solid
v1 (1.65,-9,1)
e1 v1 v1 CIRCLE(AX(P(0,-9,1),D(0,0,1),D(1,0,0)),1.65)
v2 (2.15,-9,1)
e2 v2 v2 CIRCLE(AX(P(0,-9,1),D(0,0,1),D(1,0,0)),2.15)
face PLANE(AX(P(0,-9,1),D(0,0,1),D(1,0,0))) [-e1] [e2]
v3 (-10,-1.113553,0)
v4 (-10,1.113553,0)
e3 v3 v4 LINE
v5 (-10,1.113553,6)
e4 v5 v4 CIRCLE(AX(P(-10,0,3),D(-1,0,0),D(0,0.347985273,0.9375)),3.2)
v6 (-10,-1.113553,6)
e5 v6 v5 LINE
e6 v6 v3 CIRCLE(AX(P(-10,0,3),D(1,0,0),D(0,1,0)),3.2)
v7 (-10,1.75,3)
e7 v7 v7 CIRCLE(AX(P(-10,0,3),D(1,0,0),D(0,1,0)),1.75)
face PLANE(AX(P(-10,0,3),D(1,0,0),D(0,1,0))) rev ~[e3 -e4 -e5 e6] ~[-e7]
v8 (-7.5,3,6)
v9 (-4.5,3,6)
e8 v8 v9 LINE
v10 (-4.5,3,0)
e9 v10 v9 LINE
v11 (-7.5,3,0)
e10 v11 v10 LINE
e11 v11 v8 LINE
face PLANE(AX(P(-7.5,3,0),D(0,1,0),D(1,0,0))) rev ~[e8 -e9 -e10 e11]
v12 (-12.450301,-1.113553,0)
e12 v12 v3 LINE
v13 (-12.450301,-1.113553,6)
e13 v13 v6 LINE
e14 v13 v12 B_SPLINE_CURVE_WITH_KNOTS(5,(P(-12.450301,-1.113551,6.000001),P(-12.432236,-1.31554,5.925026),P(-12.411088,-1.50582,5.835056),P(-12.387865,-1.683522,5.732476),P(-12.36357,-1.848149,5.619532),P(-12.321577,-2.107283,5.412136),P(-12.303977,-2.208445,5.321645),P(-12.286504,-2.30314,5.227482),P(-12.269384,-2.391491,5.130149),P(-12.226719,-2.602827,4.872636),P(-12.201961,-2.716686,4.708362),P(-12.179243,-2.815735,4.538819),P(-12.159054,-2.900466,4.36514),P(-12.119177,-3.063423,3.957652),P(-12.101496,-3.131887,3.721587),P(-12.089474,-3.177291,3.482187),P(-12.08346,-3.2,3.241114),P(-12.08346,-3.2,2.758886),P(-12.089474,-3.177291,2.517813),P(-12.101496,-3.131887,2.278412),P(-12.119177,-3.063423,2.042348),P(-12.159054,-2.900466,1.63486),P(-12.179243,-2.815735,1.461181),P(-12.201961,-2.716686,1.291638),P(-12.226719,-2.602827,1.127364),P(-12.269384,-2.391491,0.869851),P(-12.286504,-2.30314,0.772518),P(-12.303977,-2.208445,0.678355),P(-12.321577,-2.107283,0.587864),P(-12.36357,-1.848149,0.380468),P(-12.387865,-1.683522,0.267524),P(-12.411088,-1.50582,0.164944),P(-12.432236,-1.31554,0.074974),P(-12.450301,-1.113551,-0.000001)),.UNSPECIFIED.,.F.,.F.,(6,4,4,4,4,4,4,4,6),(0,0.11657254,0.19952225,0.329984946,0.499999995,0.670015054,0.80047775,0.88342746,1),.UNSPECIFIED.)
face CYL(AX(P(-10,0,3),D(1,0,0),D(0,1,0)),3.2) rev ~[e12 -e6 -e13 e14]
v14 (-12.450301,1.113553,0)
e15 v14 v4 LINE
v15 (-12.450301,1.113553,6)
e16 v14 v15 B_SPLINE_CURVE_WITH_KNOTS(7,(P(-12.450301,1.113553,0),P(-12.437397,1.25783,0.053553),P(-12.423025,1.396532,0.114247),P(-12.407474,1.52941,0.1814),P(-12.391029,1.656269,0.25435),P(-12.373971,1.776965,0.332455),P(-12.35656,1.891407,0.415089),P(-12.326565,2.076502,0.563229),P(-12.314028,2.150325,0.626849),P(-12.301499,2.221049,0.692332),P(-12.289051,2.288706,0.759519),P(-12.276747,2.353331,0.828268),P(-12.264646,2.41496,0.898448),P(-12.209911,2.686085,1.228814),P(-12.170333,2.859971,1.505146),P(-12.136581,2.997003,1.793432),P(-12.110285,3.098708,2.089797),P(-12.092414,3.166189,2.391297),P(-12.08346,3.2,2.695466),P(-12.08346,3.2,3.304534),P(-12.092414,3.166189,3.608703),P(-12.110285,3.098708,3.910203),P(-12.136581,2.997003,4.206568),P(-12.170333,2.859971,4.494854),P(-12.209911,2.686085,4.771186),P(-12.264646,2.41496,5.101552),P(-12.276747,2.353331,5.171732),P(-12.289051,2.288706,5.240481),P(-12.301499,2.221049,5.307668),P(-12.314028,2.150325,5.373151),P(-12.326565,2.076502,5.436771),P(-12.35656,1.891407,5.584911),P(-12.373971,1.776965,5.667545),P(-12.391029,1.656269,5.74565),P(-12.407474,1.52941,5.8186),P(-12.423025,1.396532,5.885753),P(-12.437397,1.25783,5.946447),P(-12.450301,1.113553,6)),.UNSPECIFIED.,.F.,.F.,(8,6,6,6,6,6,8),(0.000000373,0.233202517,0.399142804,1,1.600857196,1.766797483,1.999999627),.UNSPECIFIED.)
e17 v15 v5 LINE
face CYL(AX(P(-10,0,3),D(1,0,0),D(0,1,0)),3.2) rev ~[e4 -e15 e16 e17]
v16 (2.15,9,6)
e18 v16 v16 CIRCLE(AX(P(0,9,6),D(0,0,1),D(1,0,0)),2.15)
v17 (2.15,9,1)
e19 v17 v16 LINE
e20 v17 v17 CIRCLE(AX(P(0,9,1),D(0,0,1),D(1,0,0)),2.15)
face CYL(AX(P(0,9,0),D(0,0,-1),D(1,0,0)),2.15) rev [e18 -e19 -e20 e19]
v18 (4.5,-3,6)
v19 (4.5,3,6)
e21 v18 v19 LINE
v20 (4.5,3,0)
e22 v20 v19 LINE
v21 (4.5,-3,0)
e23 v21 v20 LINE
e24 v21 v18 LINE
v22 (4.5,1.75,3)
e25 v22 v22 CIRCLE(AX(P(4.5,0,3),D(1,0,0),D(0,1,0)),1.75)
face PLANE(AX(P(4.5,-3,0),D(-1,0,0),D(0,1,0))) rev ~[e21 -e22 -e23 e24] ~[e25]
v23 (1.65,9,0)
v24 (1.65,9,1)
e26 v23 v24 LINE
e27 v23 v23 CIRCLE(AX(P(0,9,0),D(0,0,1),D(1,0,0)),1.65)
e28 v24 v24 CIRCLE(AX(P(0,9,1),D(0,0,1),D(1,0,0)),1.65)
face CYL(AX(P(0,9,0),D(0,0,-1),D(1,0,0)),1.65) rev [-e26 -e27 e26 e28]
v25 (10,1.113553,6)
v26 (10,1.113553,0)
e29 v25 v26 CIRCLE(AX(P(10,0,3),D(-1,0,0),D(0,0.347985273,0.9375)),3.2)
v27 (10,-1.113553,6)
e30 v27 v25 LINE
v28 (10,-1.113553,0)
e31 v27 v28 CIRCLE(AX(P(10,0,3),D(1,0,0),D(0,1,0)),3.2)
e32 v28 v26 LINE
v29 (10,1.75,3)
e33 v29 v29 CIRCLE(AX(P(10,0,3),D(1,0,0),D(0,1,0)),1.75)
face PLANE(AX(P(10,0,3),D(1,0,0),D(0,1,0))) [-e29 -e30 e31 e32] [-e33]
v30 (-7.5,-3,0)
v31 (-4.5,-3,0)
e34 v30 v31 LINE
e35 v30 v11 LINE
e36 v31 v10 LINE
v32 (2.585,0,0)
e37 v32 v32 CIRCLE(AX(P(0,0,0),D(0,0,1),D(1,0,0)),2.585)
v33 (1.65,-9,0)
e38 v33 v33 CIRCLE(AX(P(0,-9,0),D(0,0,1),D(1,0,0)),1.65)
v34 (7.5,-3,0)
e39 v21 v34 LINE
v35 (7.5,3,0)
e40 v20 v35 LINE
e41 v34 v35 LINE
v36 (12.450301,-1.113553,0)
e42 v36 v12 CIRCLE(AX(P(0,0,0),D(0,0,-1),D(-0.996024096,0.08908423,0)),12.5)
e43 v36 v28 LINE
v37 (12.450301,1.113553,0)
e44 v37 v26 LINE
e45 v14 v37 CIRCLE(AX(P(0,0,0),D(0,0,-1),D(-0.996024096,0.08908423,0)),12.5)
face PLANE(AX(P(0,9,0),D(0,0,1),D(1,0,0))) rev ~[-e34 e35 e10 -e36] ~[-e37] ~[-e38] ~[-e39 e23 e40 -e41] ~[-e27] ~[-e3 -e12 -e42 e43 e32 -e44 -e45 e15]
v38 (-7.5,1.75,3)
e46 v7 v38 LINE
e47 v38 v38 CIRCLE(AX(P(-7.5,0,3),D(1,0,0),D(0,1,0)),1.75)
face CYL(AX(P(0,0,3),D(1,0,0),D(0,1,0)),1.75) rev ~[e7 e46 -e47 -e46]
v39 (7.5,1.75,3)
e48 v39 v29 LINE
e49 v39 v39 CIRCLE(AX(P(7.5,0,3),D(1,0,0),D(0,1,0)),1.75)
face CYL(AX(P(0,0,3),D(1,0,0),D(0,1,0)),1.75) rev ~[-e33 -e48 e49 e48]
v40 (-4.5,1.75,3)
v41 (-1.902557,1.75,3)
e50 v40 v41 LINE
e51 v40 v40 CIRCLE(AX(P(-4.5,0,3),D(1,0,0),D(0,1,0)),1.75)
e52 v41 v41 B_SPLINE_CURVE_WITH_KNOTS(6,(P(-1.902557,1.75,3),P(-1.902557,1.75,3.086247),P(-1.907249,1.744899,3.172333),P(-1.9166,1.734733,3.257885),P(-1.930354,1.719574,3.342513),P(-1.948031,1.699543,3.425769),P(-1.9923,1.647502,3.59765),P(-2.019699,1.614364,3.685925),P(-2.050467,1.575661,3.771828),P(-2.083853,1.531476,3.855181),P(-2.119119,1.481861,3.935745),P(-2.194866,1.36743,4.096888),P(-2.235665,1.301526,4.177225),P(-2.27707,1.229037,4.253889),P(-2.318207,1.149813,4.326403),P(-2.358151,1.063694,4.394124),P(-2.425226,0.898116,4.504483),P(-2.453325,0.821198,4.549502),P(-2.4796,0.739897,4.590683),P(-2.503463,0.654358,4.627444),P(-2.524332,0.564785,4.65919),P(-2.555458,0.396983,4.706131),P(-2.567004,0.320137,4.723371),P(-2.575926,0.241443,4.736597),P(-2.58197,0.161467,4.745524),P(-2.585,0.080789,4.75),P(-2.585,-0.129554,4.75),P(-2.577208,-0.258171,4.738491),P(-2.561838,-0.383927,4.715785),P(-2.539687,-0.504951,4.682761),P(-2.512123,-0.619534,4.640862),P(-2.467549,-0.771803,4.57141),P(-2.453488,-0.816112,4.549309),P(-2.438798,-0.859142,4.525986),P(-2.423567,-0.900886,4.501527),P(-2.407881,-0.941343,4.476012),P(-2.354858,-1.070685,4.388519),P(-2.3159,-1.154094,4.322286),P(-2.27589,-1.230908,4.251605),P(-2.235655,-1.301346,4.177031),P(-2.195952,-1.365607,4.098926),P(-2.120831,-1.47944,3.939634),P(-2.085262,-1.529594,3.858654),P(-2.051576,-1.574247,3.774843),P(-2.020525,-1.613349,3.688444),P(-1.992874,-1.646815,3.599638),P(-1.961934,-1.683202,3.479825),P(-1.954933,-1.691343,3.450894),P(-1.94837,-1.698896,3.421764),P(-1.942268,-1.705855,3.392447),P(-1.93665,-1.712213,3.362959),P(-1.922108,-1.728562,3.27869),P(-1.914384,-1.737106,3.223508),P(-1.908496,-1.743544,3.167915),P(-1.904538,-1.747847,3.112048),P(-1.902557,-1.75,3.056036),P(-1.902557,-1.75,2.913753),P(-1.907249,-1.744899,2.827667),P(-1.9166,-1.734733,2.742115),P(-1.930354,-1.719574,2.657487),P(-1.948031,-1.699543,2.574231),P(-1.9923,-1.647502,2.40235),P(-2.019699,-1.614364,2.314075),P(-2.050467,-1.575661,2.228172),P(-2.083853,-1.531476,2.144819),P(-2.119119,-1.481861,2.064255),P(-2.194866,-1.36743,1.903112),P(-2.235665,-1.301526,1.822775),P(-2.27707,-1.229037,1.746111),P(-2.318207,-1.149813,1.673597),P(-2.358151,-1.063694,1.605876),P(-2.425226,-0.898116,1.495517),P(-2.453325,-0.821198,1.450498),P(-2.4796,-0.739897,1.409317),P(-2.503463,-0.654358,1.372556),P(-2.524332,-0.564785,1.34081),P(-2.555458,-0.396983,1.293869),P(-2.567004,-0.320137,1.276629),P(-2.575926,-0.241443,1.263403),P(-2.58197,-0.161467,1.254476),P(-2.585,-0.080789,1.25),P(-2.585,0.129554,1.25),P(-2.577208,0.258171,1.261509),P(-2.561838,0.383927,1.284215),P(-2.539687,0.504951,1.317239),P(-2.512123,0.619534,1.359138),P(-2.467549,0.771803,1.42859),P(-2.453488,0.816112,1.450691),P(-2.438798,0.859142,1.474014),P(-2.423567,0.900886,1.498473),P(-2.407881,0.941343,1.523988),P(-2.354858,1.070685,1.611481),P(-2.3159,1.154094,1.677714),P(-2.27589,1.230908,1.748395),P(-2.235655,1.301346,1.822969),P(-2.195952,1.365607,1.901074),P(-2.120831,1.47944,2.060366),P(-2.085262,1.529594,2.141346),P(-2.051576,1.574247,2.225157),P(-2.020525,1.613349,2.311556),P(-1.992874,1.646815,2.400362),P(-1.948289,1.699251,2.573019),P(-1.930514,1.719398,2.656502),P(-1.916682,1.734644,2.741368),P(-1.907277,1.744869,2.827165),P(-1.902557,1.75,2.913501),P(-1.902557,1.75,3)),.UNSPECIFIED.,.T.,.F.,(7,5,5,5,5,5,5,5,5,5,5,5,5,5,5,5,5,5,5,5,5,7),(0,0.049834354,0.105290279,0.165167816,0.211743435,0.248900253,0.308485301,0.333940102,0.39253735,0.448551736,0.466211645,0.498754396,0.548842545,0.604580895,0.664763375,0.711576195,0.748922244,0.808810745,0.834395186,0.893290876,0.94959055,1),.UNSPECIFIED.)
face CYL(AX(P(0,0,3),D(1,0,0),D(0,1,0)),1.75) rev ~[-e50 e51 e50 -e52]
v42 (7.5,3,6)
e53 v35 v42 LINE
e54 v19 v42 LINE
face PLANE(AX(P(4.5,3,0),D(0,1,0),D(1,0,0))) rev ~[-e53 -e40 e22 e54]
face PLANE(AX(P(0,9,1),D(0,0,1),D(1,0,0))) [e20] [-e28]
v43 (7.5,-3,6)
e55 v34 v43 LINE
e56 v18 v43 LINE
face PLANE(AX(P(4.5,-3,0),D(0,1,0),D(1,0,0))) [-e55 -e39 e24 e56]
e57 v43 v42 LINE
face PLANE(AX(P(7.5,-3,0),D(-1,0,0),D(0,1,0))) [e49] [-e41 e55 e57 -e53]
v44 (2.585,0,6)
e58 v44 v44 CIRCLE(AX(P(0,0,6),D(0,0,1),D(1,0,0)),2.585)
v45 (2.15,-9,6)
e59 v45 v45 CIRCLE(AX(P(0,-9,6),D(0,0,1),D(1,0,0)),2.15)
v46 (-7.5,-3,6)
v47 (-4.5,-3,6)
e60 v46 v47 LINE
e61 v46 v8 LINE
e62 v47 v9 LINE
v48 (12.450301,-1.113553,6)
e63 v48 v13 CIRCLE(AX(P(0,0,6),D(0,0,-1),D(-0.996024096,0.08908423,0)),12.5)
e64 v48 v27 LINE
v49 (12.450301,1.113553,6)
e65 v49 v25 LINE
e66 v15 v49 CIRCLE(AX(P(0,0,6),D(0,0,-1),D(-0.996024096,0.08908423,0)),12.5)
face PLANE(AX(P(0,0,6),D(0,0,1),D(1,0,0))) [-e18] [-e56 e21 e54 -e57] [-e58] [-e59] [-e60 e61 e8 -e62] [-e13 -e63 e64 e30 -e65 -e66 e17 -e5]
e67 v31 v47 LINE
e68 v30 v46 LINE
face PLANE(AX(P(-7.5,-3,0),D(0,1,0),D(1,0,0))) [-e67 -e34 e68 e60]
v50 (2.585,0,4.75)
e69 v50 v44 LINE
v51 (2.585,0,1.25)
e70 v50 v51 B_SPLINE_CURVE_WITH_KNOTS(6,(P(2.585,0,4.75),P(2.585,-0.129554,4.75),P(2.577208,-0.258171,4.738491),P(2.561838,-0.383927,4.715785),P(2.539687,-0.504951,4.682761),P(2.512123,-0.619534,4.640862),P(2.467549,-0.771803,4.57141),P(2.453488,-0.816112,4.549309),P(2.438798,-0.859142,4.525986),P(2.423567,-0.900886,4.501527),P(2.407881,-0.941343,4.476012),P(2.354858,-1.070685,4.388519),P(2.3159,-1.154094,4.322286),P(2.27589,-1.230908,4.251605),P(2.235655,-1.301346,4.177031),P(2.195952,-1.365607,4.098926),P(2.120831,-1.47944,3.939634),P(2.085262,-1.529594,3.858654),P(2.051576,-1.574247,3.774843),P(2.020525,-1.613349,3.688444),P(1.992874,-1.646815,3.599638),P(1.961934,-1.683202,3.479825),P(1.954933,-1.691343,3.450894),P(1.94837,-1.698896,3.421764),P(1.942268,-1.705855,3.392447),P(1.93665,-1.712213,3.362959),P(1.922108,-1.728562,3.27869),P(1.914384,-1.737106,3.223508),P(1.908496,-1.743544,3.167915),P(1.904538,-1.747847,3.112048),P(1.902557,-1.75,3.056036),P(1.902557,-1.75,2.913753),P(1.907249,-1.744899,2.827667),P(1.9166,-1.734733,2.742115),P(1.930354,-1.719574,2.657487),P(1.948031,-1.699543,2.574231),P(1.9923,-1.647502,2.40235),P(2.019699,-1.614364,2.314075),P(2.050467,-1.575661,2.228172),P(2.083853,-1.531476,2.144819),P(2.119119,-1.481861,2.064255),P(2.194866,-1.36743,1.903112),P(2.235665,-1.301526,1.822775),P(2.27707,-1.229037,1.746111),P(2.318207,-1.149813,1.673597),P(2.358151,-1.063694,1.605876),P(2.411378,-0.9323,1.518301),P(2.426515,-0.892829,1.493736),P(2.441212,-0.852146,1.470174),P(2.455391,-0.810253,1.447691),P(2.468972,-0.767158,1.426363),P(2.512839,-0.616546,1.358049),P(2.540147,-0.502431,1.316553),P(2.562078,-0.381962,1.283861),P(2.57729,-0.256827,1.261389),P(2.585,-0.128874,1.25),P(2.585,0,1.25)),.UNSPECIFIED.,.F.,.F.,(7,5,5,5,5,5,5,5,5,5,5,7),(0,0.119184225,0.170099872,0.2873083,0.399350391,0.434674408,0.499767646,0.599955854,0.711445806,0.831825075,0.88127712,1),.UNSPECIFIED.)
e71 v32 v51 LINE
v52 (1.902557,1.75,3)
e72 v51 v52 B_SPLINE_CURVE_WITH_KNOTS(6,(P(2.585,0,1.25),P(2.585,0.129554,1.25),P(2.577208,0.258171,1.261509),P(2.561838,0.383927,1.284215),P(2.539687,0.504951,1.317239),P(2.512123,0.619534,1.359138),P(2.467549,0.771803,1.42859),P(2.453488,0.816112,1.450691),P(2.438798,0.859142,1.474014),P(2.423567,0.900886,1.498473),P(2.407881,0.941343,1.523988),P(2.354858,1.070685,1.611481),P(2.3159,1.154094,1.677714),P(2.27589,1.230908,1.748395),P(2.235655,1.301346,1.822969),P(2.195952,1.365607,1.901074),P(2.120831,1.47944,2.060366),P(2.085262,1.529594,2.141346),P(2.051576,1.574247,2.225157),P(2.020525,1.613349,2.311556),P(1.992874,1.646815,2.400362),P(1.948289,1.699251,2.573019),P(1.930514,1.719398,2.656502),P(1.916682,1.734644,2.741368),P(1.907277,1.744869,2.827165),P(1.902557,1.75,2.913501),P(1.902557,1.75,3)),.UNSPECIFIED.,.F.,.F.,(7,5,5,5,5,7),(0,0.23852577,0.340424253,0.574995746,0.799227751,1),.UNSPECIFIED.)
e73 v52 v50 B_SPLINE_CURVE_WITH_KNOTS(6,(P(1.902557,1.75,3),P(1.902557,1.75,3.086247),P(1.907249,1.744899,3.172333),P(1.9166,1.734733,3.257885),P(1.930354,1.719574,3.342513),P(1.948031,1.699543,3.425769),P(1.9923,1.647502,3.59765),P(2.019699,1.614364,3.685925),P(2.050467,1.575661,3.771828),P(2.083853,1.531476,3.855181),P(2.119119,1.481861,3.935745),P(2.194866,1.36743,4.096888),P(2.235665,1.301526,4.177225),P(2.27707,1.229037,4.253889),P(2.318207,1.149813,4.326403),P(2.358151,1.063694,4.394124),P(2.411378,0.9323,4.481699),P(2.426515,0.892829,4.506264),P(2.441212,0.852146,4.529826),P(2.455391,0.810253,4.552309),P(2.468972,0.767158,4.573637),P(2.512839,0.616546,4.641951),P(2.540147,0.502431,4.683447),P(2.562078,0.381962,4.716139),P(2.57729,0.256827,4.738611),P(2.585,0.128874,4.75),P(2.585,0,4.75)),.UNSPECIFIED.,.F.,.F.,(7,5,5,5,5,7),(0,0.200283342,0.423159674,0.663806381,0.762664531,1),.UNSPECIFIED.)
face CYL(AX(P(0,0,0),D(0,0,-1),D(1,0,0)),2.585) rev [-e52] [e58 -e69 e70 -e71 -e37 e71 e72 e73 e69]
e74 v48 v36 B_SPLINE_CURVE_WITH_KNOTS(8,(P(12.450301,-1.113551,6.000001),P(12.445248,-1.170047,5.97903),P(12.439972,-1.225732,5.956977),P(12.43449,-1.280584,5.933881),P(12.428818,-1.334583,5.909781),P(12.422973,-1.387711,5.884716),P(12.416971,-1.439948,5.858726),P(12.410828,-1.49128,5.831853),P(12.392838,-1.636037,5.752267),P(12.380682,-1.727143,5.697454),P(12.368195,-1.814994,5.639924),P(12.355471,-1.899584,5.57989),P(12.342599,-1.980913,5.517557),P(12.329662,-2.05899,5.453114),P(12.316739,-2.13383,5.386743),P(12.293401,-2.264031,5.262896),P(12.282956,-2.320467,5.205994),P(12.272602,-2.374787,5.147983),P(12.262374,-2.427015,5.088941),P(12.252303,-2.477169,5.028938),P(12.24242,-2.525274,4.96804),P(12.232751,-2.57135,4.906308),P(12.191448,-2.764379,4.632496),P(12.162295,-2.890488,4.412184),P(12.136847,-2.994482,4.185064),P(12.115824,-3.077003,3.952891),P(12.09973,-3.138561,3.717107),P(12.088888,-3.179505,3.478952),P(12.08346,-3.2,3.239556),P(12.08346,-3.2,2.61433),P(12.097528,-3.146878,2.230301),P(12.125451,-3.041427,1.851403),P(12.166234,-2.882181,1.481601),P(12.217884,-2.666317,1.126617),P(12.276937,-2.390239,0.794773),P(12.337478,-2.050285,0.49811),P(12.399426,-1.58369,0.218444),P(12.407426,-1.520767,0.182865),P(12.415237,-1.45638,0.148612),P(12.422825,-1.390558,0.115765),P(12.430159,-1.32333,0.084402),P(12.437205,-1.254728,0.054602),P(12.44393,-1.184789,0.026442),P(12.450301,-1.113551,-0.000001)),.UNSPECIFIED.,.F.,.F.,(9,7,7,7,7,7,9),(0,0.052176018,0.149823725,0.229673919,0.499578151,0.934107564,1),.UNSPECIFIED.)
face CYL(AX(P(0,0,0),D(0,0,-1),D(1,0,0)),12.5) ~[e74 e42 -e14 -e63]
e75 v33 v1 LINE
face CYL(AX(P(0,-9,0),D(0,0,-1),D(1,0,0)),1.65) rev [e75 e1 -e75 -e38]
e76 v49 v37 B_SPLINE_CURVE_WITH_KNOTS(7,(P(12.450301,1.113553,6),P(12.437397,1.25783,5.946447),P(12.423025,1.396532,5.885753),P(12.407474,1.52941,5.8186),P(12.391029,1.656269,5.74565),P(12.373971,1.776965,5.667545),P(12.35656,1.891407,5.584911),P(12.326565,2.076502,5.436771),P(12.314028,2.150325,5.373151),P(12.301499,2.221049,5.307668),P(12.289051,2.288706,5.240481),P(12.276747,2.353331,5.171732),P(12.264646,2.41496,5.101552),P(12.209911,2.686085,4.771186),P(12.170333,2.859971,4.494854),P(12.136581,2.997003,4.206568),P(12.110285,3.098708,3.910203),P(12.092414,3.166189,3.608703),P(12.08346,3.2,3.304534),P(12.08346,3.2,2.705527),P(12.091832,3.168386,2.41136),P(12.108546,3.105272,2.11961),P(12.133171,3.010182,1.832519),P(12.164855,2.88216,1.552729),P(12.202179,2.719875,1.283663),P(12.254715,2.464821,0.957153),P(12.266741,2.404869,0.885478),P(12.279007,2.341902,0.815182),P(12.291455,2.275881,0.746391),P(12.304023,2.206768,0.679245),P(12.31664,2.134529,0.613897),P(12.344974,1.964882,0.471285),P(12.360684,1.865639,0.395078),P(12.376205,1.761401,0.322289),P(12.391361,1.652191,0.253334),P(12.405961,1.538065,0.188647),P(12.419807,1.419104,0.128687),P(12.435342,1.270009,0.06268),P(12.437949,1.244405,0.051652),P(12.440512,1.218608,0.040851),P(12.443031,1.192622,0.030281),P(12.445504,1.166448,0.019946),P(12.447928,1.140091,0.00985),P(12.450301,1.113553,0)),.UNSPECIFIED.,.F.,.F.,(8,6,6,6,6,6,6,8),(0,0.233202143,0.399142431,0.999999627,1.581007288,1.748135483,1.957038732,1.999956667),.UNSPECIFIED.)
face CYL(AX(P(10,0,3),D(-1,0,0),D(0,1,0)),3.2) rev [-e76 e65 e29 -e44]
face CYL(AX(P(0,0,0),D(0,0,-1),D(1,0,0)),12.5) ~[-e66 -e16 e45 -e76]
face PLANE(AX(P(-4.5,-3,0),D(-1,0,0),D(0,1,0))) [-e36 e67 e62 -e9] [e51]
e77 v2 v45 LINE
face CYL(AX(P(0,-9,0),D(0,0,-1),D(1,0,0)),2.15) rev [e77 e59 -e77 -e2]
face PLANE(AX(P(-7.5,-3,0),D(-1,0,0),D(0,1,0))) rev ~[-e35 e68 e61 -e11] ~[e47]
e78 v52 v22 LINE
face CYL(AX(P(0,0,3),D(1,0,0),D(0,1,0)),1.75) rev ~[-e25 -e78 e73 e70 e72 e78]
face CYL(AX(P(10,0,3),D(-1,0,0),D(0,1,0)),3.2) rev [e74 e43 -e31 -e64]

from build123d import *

# Parameters (mm, degrees)
F0_R     = 12.5
F0_R_2   = 2.15
F0_W     = 3
F0_H     = 6
F0_R_3   = 2.585
F1_DEPTH = 6
F0_R_4   = 1.65
F2_DEPTH = 1
F3_R     = 1.75
F4_DEPTH = 12.5
F5_START = -10
F3_R_2   = 3.2
F5_DEPTH = 15
F6_START = 10
F6_DEPTH = 15


with BuildPart() as f1:
    # F0 (on Top) → F1 (new body)
    with BuildSketch(Plane.XY):
        Circle(F0_R)
        with Locations((0, -9)):
            Circle(F0_R_2, mode=Mode.SUBTRACT)
        with Locations((-6, 0)):
            Rectangle(F0_W, F0_H, mode=Mode.SUBTRACT)
        Circle(F0_R_3, mode=Mode.SUBTRACT)
        with Locations((6, 0)):
            Rectangle(F0_W, F0_H, mode=Mode.SUBTRACT)
        with Locations((0, 9)):
            Circle(F0_R_2, mode=Mode.SUBTRACT)
        Circle(F0_R)
        with Locations((0, -9)):
            Circle(F0_R_2, mode=Mode.SUBTRACT)
        with Locations((-6, 0)):
            Rectangle(F0_W, F0_H, mode=Mode.SUBTRACT)
        Circle(F0_R_3, mode=Mode.SUBTRACT)
        with Locations((6, 0)):
            Rectangle(F0_W, F0_H, mode=Mode.SUBTRACT)
        with Locations((0, 9)):
            Circle(F0_R_2, mode=Mode.SUBTRACT)
    extrude(amount=F1_DEPTH)

    # F0 (on Top) → F2 (join)
    with BuildSketch(Plane.XY):
        with Locations((0, 9)):
            Circle(F0_R_2)
        with Locations((0, 9)):
            Circle(F0_R_4, mode=Mode.SUBTRACT)
        with Locations((0, -9)):
            Circle(F0_R_2)
        with Locations((0, -9)):
            Circle(F0_R_4, mode=Mode.SUBTRACT)
    extrude(amount=F2_DEPTH)

    # F3 (on Right) → F4 (cut, symmetric)
    with BuildSketch(Plane.YZ):
        with Locations((0, 3)):
            Circle(F3_R)
    extrude(amount=F4_DEPTH, both=True, mode=Mode.SUBTRACT)

    # F3 (on Right) → F5 (cut)
    with BuildSketch(Plane.YZ.offset(F5_START)):
        with Locations((0, 3)):
            Circle(F3_R_2)
        with Locations((0, 3)):
            Circle(F3_R, mode=Mode.SUBTRACT)
    extrude(amount=-F5_DEPTH, mode=Mode.SUBTRACT)

    # F3 (on Right) → F6 (cut)
    with BuildSketch(Plane.YZ.offset(F6_START)):
        with Locations((0, 3)):
            Circle(F3_R_2)
        with Locations((0, 3)):
            Circle(F3_R, mode=Mode.SUBTRACT)
    extrude(amount=F6_DEPTH, mode=Mode.SUBTRACT)


solid = f1.part
